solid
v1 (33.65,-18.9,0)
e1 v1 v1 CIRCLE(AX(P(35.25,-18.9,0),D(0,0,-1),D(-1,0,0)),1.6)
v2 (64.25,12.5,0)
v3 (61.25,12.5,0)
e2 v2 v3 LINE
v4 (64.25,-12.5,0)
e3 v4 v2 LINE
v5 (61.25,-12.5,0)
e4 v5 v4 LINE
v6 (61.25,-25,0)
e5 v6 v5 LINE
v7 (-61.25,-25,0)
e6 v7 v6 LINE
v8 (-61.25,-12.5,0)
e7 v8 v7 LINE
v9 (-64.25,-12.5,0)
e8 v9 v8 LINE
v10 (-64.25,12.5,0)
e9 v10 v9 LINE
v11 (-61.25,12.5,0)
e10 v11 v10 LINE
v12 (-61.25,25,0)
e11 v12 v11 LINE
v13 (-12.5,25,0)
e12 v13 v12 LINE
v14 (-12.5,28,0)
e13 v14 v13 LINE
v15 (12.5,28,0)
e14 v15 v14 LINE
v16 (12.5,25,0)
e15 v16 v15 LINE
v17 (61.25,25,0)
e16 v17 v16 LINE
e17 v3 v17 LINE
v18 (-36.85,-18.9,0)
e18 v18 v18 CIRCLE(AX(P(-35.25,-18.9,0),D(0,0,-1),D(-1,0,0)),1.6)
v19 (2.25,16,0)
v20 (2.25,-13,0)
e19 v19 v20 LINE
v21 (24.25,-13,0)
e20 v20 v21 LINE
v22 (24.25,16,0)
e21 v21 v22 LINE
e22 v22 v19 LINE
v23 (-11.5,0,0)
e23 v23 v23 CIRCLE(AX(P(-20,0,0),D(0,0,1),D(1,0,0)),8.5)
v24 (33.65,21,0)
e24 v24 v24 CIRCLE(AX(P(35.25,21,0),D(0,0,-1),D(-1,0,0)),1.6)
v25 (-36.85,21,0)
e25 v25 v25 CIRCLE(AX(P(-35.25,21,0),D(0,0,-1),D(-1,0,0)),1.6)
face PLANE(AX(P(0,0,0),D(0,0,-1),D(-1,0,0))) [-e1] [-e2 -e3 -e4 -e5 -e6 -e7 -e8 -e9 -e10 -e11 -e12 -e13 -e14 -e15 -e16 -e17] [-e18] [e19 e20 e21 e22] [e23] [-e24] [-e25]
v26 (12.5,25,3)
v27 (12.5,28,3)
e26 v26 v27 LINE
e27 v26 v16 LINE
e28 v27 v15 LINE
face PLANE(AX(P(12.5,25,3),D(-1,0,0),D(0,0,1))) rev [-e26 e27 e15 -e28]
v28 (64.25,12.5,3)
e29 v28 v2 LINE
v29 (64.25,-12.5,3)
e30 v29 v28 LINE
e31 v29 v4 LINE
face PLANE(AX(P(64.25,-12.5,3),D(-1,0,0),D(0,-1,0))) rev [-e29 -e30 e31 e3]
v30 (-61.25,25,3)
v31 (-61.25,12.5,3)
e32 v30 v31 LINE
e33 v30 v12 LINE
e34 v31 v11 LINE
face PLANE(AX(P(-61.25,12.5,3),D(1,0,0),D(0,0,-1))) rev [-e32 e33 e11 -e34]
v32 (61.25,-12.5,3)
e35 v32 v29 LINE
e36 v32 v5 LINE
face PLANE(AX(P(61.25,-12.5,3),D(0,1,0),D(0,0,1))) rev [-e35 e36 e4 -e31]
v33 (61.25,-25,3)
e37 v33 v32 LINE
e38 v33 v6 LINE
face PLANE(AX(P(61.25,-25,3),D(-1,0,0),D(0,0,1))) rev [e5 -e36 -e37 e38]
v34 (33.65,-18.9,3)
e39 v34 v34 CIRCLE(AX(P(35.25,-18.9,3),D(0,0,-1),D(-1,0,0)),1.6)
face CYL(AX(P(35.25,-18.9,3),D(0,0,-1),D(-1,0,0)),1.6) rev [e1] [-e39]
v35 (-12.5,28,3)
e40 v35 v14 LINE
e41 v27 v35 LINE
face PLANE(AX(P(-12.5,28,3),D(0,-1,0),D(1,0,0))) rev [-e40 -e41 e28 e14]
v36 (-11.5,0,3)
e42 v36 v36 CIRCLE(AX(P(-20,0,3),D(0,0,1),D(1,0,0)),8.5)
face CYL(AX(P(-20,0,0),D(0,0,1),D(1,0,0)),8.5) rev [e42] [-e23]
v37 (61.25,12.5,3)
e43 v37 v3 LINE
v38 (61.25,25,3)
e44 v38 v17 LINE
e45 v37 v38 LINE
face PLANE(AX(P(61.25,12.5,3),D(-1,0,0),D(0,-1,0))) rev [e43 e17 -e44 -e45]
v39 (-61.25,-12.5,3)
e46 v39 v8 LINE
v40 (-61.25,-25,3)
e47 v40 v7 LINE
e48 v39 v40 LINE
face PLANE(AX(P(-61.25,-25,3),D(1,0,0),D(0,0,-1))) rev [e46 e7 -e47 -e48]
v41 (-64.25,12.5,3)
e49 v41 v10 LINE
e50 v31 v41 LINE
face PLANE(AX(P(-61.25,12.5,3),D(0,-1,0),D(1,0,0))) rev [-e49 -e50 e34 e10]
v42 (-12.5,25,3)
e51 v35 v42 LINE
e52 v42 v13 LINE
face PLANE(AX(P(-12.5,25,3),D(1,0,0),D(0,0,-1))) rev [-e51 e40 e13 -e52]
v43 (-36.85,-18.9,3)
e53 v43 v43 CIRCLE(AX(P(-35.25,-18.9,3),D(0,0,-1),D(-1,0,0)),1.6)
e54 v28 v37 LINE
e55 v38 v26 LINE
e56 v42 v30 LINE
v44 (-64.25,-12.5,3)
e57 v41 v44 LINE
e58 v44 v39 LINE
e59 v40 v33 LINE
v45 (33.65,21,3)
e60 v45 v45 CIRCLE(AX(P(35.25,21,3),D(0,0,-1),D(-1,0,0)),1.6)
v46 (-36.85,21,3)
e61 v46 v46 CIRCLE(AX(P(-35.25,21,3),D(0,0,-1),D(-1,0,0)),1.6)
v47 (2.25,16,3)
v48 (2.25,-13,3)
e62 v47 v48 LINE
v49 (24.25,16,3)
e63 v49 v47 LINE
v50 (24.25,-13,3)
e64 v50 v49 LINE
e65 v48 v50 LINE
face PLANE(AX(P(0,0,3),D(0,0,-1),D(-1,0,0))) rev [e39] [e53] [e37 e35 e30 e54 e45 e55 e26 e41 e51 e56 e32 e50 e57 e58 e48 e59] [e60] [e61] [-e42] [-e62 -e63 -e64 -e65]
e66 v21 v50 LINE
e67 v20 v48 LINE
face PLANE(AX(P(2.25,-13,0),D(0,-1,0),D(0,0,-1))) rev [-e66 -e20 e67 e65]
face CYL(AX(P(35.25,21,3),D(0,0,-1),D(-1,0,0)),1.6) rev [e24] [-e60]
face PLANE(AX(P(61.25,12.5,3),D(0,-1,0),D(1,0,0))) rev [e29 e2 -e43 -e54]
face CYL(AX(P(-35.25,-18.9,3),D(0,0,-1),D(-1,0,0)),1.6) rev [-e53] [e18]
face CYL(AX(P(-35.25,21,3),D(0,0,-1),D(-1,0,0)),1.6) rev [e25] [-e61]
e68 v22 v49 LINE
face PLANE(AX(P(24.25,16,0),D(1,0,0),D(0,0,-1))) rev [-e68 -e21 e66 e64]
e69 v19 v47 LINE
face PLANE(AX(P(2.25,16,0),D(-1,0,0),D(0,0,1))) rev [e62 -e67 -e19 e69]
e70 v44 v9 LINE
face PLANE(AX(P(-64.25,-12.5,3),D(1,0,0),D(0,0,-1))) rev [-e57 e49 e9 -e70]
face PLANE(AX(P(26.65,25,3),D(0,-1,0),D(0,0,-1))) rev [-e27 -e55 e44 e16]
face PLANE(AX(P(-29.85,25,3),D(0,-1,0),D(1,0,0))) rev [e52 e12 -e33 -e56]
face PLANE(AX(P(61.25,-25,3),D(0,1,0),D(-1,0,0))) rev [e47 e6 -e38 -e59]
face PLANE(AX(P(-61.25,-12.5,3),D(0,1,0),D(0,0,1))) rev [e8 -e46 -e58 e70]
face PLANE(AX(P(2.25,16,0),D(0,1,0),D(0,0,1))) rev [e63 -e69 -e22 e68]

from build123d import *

# Parameters (mm, degrees)
BOSS_EXTRU_1_DEPTH = 3
SKETCH1_R          = 1.6
CUT_EXTRUDE1_DEPTH = 71.150285103
SKETCH2_R          = 1.6
CUT_EXTRUDE2_DEPTH = 71.150285103
SKETCH3_R          = 1.6
CUT_EXTRUDE3_DEPTH = 71.150285103
SKETCH4_W          = 22
SKETCH4_H          = 29
CUT_EXTRUDE4_DEPTH = 71.150285103
SKETCH5_R          = 8.5
CUT_EXTRUDE5_DEPTH = 71.150285103


with BuildPart() as part:
    # Esquisse1 → Boss.-Extru.1 (new body)
    with BuildSketch(Plane.XY):
        Polygon((61.25, -25), (-61.25, -25), (-61.25, -12.5), (-64.25, -12.5), (-64.25, 12.5), (-61.25, 12.5), (-61.25, 25), (-29.85, 25), (-26.65, 25), (-12.5, 25), (-12.5, 28), (12.5, 28), (12.5, 25), (26.65, 25), (29.85, 25), (61.25, 25), (61.25, 12.5), (64.25, 12.5), (64.25, -12.5), (61.25, -12.5), align=None)
    extrude(amount=BOSS_EXTRU_1_DEPTH)

    # Sketch1 → Cut-Extrude1 (cut, through all)
    with BuildSketch(Plane(origin=(0, 0, 0), x_dir=(-1, 0, 0), z_dir=(0, 0, -1))):
        with Locations((35.25, 21)):
            Circle(SKETCH1_R)
    extrude(amount=-CUT_EXTRUDE1_DEPTH, mode=Mode.SUBTRACT)

    # Sketch2 → Cut-Extrude2 (cut, through all)
    with BuildSketch(Plane(origin=(0, 0, 0), x_dir=(-1, 0, 0), z_dir=(0, 0, -1))):
        with Locations((-35.25, 21)):
            Circle(SKETCH2_R)
    extrude(amount=-CUT_EXTRUDE2_DEPTH, mode=Mode.SUBTRACT)

    # Sketch3 → Cut-Extrude3 (cut, through all)
    with BuildSketch(Plane(origin=(0, 0, 0), x_dir=(-1, 0, 0), z_dir=(0, 0, -1))):
        with Locations((35.25, -18.9)):
            Circle(SKETCH3_R)
        with Locations((-35.25, -18.9)):
            Circle(SKETCH3_R)
    extrude(amount=-CUT_EXTRUDE3_DEPTH, mode=Mode.SUBTRACT)

    # Sketch4 → Cut-Extrude4 (cut, through all)
    with BuildSketch(Plane.XY.offset(3)):
        with Locations((13.25, 1.5)):
            Rectangle(SKETCH4_W, SKETCH4_H)
    extrude(amount=-CUT_EXTRUDE4_DEPTH, mode=Mode.SUBTRACT)

    # Sketch5 → Cut-Extrude5 (cut, through all)
    with BuildSketch(Plane.XY.offset(3)):
        with Locations((-20, 0)):
            Circle(SKETCH5_R)
    extrude(amount=-CUT_EXTRUDE5_DEPTH, mode=Mode.SUBTRACT)


solid = part.part
